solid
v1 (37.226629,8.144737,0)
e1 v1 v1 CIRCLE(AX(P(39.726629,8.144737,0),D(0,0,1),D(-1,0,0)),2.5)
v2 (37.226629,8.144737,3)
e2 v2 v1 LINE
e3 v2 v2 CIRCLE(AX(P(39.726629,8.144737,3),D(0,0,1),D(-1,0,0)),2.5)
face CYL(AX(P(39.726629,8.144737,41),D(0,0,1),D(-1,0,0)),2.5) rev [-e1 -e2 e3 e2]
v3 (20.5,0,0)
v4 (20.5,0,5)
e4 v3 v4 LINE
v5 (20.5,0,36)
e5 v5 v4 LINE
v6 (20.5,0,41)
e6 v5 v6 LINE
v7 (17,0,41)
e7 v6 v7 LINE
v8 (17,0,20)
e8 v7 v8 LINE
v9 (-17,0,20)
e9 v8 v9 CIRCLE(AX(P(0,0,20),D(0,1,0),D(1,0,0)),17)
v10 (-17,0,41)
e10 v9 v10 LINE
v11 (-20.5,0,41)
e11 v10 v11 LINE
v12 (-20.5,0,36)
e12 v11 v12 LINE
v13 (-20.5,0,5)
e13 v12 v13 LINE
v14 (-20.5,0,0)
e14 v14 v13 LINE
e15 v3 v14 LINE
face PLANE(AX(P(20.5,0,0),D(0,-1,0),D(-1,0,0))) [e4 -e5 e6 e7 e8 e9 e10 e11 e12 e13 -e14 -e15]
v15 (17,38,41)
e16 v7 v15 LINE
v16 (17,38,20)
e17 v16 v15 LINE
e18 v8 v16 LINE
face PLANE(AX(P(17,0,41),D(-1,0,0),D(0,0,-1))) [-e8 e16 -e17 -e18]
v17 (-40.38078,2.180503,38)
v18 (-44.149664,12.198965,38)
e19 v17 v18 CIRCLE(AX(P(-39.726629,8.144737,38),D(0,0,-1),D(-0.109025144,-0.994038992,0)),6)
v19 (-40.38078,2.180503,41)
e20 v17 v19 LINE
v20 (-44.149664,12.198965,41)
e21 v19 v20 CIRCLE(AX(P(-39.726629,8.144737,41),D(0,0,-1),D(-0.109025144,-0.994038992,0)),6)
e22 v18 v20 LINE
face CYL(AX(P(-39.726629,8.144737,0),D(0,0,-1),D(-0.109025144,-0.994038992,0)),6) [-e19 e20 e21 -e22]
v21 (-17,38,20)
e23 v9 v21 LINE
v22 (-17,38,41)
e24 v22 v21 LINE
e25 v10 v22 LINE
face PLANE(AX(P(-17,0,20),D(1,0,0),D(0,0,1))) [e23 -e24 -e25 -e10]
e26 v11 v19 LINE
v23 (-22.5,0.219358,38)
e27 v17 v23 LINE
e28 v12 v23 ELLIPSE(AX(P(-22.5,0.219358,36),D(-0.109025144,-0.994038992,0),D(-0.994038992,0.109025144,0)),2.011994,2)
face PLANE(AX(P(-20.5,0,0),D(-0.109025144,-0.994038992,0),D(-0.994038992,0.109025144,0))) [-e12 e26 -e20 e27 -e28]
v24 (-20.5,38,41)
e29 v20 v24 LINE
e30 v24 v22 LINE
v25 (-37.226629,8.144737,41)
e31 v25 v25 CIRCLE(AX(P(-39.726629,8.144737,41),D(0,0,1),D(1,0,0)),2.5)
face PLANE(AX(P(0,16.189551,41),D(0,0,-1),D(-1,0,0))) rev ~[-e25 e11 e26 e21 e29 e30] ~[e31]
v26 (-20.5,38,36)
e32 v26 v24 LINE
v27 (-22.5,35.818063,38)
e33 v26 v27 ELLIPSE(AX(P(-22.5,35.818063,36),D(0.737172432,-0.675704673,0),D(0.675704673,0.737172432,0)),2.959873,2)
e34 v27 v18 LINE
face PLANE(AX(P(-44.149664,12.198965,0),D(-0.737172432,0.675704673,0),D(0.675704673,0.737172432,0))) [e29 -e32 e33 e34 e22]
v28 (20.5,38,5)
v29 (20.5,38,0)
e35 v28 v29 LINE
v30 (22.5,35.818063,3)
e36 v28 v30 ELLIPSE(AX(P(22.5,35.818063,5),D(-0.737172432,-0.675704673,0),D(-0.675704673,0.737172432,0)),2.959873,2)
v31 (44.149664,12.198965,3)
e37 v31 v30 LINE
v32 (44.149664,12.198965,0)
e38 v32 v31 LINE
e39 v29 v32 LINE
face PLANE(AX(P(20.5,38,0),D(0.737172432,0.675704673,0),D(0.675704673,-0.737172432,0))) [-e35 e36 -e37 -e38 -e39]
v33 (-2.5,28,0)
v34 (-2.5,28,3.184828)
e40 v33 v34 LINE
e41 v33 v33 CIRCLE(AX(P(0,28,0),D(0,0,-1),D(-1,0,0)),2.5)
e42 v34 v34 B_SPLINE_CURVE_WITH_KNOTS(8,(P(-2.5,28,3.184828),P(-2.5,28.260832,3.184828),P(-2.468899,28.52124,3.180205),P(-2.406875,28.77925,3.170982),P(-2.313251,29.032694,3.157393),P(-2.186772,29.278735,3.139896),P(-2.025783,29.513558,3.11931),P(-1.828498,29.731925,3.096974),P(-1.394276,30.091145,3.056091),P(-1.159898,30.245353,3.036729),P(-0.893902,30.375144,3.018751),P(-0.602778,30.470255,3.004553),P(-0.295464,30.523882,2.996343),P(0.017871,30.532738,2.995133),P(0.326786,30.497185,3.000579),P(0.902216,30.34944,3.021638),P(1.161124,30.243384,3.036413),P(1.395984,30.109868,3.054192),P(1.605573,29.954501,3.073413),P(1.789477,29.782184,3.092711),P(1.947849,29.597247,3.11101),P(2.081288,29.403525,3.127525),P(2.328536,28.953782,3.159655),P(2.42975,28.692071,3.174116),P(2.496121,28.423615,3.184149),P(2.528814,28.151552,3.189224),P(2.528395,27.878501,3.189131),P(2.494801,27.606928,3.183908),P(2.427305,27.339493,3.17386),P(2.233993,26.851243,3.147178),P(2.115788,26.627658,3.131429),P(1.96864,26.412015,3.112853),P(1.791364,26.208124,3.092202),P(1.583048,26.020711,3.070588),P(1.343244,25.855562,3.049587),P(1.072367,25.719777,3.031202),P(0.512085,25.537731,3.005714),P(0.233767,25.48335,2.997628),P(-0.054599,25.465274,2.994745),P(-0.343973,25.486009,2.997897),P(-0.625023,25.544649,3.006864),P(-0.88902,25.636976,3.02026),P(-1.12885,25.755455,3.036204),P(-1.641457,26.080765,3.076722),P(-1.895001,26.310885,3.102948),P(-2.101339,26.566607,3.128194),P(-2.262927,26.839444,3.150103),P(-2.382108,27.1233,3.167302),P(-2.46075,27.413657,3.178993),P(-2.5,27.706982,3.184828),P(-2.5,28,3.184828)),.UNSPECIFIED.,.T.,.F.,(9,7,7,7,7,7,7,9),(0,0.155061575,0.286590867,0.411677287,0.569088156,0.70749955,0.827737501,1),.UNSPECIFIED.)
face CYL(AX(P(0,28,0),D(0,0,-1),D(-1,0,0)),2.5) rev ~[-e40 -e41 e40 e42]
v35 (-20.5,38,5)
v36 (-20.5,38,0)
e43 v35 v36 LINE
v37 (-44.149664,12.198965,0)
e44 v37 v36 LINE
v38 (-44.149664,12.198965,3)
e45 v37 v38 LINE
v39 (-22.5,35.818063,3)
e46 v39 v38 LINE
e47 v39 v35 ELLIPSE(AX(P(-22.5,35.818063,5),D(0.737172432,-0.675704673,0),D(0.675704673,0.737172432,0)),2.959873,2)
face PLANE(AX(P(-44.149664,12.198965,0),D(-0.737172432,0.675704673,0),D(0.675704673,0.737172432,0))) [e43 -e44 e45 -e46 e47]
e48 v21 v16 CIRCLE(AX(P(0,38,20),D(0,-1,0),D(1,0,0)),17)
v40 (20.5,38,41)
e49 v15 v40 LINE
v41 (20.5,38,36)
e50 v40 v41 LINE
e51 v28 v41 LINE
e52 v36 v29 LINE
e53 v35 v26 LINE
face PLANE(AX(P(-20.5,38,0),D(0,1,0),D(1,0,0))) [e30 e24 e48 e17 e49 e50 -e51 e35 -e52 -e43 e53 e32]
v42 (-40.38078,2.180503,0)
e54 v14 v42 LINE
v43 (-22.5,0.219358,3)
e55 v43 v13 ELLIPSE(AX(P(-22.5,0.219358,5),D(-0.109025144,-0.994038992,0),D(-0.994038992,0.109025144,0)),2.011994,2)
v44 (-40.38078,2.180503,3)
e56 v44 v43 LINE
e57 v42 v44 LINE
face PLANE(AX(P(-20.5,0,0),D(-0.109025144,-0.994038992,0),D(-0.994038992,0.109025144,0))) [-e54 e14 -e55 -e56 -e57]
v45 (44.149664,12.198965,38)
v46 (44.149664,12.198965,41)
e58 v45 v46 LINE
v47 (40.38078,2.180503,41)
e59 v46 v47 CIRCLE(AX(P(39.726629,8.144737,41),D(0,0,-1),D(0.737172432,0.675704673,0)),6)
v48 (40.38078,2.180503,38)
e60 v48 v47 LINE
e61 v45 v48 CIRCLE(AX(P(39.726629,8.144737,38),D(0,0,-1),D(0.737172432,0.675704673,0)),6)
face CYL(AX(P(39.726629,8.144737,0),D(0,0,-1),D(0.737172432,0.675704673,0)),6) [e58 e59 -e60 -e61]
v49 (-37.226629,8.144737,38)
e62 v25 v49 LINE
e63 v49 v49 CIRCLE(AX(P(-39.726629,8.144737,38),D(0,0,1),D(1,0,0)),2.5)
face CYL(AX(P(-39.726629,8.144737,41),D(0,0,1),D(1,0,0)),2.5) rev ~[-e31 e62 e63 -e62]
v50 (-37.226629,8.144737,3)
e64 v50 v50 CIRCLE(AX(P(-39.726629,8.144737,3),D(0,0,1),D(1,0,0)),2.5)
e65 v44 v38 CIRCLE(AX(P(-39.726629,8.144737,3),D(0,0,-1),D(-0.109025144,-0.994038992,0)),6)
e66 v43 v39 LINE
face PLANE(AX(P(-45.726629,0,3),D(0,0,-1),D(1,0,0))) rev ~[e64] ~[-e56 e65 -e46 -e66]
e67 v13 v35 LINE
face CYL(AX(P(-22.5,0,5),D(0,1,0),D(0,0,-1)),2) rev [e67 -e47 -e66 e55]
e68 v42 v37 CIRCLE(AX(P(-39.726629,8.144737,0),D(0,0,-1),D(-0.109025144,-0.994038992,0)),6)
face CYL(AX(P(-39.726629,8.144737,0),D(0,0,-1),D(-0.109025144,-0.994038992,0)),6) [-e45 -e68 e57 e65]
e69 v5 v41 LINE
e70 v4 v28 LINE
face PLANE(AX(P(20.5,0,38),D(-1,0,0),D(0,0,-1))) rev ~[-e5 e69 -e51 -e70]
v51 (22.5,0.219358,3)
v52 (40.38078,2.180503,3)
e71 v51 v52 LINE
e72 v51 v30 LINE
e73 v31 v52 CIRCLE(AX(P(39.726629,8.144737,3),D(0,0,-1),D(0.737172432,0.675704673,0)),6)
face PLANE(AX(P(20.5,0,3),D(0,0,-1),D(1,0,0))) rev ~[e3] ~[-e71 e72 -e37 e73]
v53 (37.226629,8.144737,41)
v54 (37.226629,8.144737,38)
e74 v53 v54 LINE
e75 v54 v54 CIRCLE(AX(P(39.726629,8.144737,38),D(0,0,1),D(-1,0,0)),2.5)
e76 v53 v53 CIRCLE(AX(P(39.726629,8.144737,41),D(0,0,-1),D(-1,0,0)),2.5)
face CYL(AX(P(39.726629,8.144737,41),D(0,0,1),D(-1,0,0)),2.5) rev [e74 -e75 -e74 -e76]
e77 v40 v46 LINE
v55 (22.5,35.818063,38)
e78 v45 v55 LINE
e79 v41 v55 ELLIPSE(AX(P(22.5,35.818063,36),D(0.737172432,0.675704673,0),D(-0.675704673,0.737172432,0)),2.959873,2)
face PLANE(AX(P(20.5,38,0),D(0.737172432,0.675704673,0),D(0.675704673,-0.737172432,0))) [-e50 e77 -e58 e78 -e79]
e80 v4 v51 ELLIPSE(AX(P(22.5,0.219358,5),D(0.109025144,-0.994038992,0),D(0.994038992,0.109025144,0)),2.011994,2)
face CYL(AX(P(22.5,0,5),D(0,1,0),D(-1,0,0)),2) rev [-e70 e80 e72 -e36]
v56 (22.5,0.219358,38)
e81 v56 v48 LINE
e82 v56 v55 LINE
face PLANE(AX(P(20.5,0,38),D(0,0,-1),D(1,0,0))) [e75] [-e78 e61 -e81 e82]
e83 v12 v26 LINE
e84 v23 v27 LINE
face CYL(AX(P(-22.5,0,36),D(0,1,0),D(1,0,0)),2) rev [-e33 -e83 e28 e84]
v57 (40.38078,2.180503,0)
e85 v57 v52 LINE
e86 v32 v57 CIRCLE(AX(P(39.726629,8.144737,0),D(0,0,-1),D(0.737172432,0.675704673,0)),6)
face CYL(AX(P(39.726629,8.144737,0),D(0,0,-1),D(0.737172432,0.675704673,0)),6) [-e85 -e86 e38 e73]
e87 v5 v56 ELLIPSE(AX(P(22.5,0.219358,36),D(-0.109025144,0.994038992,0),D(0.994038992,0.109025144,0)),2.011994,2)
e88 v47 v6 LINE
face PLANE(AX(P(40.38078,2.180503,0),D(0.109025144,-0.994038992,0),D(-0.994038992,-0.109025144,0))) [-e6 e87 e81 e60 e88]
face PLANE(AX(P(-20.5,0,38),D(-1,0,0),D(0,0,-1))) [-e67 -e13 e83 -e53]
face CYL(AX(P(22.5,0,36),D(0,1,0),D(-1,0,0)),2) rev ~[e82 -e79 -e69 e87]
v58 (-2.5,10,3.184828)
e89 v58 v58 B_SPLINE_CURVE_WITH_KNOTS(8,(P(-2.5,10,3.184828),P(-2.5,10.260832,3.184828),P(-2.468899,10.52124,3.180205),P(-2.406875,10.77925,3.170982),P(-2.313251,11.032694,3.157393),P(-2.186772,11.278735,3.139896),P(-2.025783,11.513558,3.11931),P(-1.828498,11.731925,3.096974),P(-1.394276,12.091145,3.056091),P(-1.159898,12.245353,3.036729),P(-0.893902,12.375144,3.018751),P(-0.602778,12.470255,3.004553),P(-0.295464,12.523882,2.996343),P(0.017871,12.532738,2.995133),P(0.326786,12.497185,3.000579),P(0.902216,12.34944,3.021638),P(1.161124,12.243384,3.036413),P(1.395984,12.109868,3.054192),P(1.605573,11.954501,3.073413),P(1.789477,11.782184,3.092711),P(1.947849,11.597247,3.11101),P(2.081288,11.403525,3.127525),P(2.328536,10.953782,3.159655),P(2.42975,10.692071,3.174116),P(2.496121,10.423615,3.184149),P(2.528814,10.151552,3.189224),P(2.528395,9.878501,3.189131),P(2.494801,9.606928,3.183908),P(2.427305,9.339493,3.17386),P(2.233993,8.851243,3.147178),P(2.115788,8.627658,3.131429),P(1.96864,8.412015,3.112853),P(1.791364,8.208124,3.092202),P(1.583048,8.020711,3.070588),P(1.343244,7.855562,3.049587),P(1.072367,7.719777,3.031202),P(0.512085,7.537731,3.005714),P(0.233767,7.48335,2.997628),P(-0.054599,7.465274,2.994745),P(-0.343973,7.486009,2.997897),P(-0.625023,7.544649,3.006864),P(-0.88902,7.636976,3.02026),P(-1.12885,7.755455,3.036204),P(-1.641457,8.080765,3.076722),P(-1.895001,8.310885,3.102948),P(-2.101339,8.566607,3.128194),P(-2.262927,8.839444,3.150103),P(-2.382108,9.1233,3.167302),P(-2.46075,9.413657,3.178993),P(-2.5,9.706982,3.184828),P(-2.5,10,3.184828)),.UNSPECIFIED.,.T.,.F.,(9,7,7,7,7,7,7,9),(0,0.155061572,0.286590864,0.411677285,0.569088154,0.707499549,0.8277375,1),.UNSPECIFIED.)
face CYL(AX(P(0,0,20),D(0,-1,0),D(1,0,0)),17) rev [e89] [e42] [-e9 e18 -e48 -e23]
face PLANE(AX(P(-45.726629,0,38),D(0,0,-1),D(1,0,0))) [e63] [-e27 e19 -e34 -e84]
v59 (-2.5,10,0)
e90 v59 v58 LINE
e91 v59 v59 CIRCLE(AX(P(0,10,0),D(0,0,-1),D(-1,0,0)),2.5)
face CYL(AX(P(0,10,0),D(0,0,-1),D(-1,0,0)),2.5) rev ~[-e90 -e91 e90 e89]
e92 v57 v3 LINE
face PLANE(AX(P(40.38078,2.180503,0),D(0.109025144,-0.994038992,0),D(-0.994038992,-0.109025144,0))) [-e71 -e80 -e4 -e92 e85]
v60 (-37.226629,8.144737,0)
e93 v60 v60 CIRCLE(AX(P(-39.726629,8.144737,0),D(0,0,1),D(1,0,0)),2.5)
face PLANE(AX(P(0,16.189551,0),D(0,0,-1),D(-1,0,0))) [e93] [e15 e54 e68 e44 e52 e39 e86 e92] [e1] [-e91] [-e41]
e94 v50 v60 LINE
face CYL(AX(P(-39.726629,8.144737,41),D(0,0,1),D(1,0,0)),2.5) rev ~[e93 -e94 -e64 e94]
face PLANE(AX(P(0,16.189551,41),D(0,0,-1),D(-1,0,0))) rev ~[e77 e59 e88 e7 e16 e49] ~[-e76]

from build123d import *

# Parameters (mm, degrees)
BOSS_EXTRUDE1_DEPTH     = 41
SKETCH3_W               = 25.226628976
SKETCH3_H               = 35
CUT_EXTRUDE2_DEPTH      = 39
CUT_EXTRUDE2_DEPTH_BACK = 1
CUT_EXTRUDE3_DEPTH      = 39
SKETCH5_R               = 2.5
CUT_EXTRUDE4_DEPTH      = 42
SKETCH6_R               = 2.5
CUT_EXTRUDE5_DEPTH      = 42.0000001
FILLET1_R               = 2


with BuildPart() as part:
    # Sketch1 → Boss-Extrude1 (new body)
    with BuildSketch(Plane.XY):
        with BuildLine():
            Line((-20.5, 0), (-40.380779843, 2.180502889))
            ThreePointArc((-40.380779843, 2.180502889), (-45.342396797, 6.03211956), (-44.149663567, 12.198964882))
            Line((-44.149663567, 12.198964882), (-20.5, 38))
            Line((-20.5, 38), (20.5, 38))
            Line((20.5, 38), (44.149663567, 12.198964882))
            ThreePointArc((44.149663567, 12.198964882), (45.342396797, 6.03211956), (40.380779843, 2.180502889))
            Line((40.380779843, 2.180502889), (20.5, 0))
            Line((20.5, 0), (-20.5, 0))
        make_face()
    extrude(amount=BOSS_EXTRUDE1_DEPTH)

    # Sketch3 → Cut-Extrude2 (cut, two sides)
    with BuildSketch(Plane(origin=(0, 0, 0), x_dir=(1, 0, 0), z_dir=(0, 1, 0))) as cut_extrude2_sk:
        with Locations((33.113314488, -20.5)):
            Rectangle(SKETCH3_W, SKETCH3_H)
        with Locations((-33.113314488, -20.5)):
            Rectangle(SKETCH3_W, SKETCH3_H)
    extrude(amount=CUT_EXTRUDE2_DEPTH, mode=Mode.SUBTRACT)
    extrude(cut_extrude2_sk.sketch, amount=-CUT_EXTRUDE2_DEPTH_BACK, mode=Mode.SUBTRACT)

    # Sketch4 → Cut-Extrude3 (cut, through all)
    with BuildSketch(Plane.XZ):
        with BuildLine():
            Line((-17, 20), (-17, 41))
            Line((-17, 41), (17, 41))
            Line((17, 41), (17, 20))
            ThreePointArc((17, 20), (0, 3), (-17, 20))
        make_face()
    extrude(amount=-CUT_EXTRUDE3_DEPTH, mode=Mode.SUBTRACT)

    # Sketch5 → Cut-Extrude4 (cut, through all)
    with BuildSketch(Plane(origin=(0, 0, 0), x_dir=(-1, 0, 0), z_dir=(0, 0, -1))):
        with Locations((0, 28)):
            Circle(SKETCH5_R)
        with Locations((0, 10)):
            Circle(SKETCH5_R)
    extrude(amount=-CUT_EXTRUDE4_DEPTH, mode=Mode.SUBTRACT)

    # Sketch6 → Cut-Extrude5 (cut, through all)
    with BuildSketch(Plane.XY.offset(41)):
        with Locations((-39.726628976, 8.144736842)):
            Circle(SKETCH6_R)
    cut_extrude5 = extrude(amount=-CUT_EXTRUDE5_DEPTH, mode=Mode.SUBTRACT)

    # Mirror1: Cut-Extrude5 across plane
    add(cut_extrude5.mirror(Plane(origin=(0, 0, 0), x_dir=(0, 0, 1), z_dir=(1, 0, 0))), mode=Mode.SUBTRACT)

    # Fillet1
    fillet1_edges = [part.edges().sort_by_distance(p)[0] for p in [
        (20.5, 19, 3),
        (20.5, 19, 38),
        (-20.5, 19, 38),
        (-20.5, 19, 3),
    ]]
    fillet(fillet1_edges, radius=FILLET1_R)


solid = part.part
